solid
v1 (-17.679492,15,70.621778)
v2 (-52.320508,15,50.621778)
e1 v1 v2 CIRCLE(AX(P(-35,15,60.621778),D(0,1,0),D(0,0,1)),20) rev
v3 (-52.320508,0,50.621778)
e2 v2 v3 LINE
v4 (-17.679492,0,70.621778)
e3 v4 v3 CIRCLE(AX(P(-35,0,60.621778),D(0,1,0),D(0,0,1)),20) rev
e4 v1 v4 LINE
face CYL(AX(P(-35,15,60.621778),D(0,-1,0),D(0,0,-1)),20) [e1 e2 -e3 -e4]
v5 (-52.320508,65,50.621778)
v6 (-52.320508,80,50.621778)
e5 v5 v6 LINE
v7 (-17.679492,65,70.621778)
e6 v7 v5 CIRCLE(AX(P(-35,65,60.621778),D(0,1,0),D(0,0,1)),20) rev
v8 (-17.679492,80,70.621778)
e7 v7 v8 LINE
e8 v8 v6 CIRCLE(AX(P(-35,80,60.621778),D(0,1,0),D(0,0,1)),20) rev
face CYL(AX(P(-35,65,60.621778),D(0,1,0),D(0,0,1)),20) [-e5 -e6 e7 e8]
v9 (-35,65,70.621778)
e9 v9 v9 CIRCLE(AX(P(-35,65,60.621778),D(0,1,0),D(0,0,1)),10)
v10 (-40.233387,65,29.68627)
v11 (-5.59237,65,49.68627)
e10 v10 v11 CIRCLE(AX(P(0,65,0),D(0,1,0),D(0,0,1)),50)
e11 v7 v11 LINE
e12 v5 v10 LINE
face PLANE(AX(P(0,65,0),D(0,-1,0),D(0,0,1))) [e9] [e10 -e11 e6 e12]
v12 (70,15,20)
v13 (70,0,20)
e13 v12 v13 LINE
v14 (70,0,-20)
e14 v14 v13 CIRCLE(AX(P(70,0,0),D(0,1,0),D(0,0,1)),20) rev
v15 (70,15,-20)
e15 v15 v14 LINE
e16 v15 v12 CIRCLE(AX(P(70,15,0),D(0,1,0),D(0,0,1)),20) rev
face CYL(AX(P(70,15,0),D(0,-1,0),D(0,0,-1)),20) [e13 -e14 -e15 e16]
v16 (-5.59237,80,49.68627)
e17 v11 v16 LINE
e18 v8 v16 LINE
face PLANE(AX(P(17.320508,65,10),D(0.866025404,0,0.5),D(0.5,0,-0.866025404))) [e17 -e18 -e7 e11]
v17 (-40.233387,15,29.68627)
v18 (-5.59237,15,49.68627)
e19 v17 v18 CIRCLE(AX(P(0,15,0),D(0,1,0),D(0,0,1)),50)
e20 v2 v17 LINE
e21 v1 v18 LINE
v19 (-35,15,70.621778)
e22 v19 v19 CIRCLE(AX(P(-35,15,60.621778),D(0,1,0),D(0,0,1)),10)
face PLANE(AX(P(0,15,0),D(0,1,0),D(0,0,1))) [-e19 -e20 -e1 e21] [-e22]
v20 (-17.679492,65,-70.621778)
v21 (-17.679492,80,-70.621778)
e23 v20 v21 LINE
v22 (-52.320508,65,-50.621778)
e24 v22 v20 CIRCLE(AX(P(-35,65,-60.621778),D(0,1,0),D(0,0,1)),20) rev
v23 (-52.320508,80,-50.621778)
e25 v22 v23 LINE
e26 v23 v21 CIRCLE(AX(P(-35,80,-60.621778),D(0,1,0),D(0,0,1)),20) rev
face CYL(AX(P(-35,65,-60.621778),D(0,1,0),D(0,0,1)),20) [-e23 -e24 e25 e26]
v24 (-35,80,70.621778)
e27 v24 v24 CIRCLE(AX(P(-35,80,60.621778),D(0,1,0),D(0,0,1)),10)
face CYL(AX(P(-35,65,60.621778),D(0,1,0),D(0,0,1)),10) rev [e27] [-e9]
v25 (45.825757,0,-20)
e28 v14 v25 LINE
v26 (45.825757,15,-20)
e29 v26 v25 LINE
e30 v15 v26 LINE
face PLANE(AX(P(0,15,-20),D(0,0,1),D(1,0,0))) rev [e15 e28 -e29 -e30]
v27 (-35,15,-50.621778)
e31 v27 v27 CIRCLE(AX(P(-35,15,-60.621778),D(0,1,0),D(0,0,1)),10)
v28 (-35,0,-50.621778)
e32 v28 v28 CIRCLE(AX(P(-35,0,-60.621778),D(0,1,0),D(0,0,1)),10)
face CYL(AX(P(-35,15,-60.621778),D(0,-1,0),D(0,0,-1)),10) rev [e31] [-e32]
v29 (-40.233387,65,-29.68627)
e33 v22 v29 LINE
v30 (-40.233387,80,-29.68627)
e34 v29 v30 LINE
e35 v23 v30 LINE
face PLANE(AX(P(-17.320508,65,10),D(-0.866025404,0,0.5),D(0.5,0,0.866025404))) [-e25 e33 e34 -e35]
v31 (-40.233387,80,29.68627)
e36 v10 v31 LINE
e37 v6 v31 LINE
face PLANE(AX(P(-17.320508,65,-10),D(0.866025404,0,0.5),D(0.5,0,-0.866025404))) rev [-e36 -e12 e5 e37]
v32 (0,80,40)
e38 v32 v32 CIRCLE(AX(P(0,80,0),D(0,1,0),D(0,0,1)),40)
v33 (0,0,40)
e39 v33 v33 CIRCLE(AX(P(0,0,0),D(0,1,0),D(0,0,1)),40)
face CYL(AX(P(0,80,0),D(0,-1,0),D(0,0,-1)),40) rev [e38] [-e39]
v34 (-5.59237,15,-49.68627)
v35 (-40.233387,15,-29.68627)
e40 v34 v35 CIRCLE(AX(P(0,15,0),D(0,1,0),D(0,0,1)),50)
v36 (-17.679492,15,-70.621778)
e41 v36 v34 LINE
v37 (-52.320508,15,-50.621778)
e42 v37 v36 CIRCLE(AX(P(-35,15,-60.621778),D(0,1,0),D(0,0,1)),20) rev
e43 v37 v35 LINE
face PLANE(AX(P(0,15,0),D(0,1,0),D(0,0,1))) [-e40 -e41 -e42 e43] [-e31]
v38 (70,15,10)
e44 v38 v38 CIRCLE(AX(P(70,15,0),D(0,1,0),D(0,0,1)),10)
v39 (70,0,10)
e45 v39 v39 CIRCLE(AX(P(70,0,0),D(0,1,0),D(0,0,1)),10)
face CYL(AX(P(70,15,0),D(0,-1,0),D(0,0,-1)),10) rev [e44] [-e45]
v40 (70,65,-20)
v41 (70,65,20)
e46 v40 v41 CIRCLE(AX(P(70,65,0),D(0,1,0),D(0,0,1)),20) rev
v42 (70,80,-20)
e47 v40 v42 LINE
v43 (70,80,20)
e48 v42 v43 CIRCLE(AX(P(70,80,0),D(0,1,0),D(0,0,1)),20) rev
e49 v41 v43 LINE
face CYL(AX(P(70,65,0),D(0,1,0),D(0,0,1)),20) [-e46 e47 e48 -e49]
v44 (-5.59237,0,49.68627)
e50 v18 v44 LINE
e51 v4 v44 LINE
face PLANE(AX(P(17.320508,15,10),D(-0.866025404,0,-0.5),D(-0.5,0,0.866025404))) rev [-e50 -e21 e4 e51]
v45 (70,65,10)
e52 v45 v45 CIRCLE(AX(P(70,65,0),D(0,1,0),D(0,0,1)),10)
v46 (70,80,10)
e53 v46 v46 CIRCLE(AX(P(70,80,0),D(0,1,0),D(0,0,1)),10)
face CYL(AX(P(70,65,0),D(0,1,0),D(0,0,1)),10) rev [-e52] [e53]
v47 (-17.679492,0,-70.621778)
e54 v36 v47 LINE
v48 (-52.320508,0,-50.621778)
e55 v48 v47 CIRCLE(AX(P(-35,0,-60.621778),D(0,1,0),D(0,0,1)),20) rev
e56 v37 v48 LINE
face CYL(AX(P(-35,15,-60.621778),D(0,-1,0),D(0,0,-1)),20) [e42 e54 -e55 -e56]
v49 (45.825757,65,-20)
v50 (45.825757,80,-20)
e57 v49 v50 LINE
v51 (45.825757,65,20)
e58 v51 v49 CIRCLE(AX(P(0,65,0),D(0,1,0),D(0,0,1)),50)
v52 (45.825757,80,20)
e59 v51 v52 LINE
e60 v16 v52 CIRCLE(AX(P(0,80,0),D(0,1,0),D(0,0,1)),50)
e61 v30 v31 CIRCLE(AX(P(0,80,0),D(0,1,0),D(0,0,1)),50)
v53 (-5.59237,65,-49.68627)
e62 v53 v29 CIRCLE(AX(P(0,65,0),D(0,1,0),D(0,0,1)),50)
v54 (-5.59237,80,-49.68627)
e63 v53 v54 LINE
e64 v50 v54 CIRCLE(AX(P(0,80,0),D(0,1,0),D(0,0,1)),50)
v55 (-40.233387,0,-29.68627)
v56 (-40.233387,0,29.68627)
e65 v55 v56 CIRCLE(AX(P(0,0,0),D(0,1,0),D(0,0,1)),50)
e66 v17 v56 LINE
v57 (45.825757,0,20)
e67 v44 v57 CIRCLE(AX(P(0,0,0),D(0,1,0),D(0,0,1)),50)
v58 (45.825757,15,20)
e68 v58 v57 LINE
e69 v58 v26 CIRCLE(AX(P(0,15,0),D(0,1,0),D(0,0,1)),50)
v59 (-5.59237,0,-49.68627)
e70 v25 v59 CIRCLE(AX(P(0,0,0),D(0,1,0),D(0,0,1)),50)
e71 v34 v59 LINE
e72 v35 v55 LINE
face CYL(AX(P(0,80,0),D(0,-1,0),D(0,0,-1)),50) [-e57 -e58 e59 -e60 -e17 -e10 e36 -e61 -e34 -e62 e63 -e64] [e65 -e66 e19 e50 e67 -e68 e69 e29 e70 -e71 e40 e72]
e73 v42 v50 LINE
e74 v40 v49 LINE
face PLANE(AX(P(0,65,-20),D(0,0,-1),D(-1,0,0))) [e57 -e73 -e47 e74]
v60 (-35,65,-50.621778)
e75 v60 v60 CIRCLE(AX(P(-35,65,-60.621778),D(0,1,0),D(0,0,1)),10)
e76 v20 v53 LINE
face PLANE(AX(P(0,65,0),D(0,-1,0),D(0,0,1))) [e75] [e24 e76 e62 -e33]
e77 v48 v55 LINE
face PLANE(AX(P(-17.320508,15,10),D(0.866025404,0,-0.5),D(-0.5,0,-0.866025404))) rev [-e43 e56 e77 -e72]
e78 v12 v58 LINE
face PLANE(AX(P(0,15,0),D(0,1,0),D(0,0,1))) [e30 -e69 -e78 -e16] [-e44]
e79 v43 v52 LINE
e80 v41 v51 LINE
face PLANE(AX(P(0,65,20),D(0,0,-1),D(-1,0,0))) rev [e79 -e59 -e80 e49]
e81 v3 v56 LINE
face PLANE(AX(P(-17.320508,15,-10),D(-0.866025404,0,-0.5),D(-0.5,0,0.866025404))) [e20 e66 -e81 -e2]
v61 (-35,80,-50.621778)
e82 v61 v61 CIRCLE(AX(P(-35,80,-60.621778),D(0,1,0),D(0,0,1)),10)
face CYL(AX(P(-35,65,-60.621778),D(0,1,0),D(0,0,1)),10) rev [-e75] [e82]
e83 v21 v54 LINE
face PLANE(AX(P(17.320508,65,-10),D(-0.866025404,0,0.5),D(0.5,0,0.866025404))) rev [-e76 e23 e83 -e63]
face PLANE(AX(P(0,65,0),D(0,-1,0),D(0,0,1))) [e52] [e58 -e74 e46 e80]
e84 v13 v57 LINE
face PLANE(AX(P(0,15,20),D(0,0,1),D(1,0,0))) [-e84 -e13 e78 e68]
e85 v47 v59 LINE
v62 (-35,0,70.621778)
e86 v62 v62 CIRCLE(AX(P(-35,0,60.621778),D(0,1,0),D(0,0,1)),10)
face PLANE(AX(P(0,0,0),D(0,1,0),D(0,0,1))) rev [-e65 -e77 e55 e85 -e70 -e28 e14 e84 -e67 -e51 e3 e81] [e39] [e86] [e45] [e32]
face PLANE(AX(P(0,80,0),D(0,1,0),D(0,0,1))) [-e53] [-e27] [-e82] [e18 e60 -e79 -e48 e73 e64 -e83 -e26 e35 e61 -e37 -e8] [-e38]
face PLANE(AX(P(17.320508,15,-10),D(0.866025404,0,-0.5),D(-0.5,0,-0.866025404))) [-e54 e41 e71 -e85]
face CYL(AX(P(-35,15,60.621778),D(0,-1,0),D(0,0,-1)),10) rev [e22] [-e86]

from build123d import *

# Parameters (mm, degrees)
SKETCH1_R           = 40
BOSS_EXTRUDE2_DEPTH = 80
SKETCH1_4_R         = 10
BOSS_EXTRUDE4_DEPTH = 15


with BuildPart() as part:
    # Sketch1 → Boss-Extrude2 (new body)
    with BuildSketch(Plane(origin=(0, 0, 0), x_dir=(1, 0, 0), z_dir=(0, 1, 0))):
        with BuildLine():
            ThreePointArc((50, 0), (48.945315647, 10.215482184), (45.82575695, 20))
            ThreePointArc((45.82575695, 20), (25, 43.301270189), (-5.592370399, 49.686269666))
            ThreePointArc((-5.592370399, 49.686269666), (-25, 43.301270189), (-40.23338655, 29.686269666))
            ThreePointArc((-40.23338655, 29.686269666), (-50, 0), (-40.23338655, -29.686269666))
            ThreePointArc((-40.23338655, -29.686269666), (-25, -43.301270189), (-5.592370399, -49.686269666))
            ThreePointArc((-5.592370399, -49.686269666), (25, -43.301270189), (45.82575695, -20))
            ThreePointArc((45.82575695, -20), (48.945315647, -10.215482184), (50, 0))
        make_face()
        Circle(SKETCH1_R, mode=Mode.SUBTRACT)
    extrude(amount=BOSS_EXTRUDE2_DEPTH)

    # Sketch1<4> → Boss-Extrude4 (add)
    # profile 1 of 3: a face of its own
    with BuildSketch(Plane(origin=(0, 0, 0), x_dir=(1, 0, 0), z_dir=(0, 1, 0))):
        with BuildLine():
            ThreePointArc((70, -20), (90, 0), (70, 20))
            Line((70, 20), (45.82575695, 20))
            ThreePointArc((45.82575695, 20), (50, 0), (45.82575695, -20))
            Line((45.82575695, -20), (70, -20))
        make_face()
        with Locations((70, 0)):
            Circle(SKETCH1_4_R, mode=Mode.SUBTRACT)
    # profile 2 of 3: a face of its own
    with BuildSketch(Plane(origin=(0, 0, 0), x_dir=(1, 0, 0), z_dir=(0, 1, 0))):
        with BuildLine():
            ThreePointArc((-40.23338655, 29.686269666), (-25, 43.301270189), (-5.592370399, 49.686269666))
            Line((-5.592370399, 49.686269666), (-17.679491924, 70.621778265))
            ThreePointArc((-17.679491924, 70.621778265), (-45, 77.942286341), (-52.320508076, 50.621778265))
            Line((-52.320508076, 50.621778265), (-40.23338655, 29.686269666))
        make_face()
        with Locations((-35, 60.621778265)):
            Circle(SKETCH1_4_R, mode=Mode.SUBTRACT)
    # profile 3 of 3: a face of its own
    with BuildSketch(Plane(origin=(0, 0, 0), x_dir=(1, 0, 0), z_dir=(0, 1, 0))):
        with BuildLine():
            Line((-17.679491924, -70.621778265), (-5.592370399, -49.686269666))
            ThreePointArc((-5.592370399, -49.686269666), (-25, -43.301270189), (-40.23338655, -29.686269666))
            Line((-40.23338655, -29.686269666), (-52.320508076, -50.621778265))
            ThreePointArc((-52.320508076, -50.621778265), (-45, -77.942286341), (-17.679491924, -70.621778265))
        make_face()
        with Locations((-35, -60.621778265)):
            Circle(SKETCH1_4_R, mode=Mode.SUBTRACT)
    boss_extrude4 = extrude(amount=BOSS_EXTRUDE4_DEPTH)

    # Mirror1: Boss-Extrude4 across plane
    add(boss_extrude4.mirror(Plane.ZX.offset(40)))


solid = part.part
